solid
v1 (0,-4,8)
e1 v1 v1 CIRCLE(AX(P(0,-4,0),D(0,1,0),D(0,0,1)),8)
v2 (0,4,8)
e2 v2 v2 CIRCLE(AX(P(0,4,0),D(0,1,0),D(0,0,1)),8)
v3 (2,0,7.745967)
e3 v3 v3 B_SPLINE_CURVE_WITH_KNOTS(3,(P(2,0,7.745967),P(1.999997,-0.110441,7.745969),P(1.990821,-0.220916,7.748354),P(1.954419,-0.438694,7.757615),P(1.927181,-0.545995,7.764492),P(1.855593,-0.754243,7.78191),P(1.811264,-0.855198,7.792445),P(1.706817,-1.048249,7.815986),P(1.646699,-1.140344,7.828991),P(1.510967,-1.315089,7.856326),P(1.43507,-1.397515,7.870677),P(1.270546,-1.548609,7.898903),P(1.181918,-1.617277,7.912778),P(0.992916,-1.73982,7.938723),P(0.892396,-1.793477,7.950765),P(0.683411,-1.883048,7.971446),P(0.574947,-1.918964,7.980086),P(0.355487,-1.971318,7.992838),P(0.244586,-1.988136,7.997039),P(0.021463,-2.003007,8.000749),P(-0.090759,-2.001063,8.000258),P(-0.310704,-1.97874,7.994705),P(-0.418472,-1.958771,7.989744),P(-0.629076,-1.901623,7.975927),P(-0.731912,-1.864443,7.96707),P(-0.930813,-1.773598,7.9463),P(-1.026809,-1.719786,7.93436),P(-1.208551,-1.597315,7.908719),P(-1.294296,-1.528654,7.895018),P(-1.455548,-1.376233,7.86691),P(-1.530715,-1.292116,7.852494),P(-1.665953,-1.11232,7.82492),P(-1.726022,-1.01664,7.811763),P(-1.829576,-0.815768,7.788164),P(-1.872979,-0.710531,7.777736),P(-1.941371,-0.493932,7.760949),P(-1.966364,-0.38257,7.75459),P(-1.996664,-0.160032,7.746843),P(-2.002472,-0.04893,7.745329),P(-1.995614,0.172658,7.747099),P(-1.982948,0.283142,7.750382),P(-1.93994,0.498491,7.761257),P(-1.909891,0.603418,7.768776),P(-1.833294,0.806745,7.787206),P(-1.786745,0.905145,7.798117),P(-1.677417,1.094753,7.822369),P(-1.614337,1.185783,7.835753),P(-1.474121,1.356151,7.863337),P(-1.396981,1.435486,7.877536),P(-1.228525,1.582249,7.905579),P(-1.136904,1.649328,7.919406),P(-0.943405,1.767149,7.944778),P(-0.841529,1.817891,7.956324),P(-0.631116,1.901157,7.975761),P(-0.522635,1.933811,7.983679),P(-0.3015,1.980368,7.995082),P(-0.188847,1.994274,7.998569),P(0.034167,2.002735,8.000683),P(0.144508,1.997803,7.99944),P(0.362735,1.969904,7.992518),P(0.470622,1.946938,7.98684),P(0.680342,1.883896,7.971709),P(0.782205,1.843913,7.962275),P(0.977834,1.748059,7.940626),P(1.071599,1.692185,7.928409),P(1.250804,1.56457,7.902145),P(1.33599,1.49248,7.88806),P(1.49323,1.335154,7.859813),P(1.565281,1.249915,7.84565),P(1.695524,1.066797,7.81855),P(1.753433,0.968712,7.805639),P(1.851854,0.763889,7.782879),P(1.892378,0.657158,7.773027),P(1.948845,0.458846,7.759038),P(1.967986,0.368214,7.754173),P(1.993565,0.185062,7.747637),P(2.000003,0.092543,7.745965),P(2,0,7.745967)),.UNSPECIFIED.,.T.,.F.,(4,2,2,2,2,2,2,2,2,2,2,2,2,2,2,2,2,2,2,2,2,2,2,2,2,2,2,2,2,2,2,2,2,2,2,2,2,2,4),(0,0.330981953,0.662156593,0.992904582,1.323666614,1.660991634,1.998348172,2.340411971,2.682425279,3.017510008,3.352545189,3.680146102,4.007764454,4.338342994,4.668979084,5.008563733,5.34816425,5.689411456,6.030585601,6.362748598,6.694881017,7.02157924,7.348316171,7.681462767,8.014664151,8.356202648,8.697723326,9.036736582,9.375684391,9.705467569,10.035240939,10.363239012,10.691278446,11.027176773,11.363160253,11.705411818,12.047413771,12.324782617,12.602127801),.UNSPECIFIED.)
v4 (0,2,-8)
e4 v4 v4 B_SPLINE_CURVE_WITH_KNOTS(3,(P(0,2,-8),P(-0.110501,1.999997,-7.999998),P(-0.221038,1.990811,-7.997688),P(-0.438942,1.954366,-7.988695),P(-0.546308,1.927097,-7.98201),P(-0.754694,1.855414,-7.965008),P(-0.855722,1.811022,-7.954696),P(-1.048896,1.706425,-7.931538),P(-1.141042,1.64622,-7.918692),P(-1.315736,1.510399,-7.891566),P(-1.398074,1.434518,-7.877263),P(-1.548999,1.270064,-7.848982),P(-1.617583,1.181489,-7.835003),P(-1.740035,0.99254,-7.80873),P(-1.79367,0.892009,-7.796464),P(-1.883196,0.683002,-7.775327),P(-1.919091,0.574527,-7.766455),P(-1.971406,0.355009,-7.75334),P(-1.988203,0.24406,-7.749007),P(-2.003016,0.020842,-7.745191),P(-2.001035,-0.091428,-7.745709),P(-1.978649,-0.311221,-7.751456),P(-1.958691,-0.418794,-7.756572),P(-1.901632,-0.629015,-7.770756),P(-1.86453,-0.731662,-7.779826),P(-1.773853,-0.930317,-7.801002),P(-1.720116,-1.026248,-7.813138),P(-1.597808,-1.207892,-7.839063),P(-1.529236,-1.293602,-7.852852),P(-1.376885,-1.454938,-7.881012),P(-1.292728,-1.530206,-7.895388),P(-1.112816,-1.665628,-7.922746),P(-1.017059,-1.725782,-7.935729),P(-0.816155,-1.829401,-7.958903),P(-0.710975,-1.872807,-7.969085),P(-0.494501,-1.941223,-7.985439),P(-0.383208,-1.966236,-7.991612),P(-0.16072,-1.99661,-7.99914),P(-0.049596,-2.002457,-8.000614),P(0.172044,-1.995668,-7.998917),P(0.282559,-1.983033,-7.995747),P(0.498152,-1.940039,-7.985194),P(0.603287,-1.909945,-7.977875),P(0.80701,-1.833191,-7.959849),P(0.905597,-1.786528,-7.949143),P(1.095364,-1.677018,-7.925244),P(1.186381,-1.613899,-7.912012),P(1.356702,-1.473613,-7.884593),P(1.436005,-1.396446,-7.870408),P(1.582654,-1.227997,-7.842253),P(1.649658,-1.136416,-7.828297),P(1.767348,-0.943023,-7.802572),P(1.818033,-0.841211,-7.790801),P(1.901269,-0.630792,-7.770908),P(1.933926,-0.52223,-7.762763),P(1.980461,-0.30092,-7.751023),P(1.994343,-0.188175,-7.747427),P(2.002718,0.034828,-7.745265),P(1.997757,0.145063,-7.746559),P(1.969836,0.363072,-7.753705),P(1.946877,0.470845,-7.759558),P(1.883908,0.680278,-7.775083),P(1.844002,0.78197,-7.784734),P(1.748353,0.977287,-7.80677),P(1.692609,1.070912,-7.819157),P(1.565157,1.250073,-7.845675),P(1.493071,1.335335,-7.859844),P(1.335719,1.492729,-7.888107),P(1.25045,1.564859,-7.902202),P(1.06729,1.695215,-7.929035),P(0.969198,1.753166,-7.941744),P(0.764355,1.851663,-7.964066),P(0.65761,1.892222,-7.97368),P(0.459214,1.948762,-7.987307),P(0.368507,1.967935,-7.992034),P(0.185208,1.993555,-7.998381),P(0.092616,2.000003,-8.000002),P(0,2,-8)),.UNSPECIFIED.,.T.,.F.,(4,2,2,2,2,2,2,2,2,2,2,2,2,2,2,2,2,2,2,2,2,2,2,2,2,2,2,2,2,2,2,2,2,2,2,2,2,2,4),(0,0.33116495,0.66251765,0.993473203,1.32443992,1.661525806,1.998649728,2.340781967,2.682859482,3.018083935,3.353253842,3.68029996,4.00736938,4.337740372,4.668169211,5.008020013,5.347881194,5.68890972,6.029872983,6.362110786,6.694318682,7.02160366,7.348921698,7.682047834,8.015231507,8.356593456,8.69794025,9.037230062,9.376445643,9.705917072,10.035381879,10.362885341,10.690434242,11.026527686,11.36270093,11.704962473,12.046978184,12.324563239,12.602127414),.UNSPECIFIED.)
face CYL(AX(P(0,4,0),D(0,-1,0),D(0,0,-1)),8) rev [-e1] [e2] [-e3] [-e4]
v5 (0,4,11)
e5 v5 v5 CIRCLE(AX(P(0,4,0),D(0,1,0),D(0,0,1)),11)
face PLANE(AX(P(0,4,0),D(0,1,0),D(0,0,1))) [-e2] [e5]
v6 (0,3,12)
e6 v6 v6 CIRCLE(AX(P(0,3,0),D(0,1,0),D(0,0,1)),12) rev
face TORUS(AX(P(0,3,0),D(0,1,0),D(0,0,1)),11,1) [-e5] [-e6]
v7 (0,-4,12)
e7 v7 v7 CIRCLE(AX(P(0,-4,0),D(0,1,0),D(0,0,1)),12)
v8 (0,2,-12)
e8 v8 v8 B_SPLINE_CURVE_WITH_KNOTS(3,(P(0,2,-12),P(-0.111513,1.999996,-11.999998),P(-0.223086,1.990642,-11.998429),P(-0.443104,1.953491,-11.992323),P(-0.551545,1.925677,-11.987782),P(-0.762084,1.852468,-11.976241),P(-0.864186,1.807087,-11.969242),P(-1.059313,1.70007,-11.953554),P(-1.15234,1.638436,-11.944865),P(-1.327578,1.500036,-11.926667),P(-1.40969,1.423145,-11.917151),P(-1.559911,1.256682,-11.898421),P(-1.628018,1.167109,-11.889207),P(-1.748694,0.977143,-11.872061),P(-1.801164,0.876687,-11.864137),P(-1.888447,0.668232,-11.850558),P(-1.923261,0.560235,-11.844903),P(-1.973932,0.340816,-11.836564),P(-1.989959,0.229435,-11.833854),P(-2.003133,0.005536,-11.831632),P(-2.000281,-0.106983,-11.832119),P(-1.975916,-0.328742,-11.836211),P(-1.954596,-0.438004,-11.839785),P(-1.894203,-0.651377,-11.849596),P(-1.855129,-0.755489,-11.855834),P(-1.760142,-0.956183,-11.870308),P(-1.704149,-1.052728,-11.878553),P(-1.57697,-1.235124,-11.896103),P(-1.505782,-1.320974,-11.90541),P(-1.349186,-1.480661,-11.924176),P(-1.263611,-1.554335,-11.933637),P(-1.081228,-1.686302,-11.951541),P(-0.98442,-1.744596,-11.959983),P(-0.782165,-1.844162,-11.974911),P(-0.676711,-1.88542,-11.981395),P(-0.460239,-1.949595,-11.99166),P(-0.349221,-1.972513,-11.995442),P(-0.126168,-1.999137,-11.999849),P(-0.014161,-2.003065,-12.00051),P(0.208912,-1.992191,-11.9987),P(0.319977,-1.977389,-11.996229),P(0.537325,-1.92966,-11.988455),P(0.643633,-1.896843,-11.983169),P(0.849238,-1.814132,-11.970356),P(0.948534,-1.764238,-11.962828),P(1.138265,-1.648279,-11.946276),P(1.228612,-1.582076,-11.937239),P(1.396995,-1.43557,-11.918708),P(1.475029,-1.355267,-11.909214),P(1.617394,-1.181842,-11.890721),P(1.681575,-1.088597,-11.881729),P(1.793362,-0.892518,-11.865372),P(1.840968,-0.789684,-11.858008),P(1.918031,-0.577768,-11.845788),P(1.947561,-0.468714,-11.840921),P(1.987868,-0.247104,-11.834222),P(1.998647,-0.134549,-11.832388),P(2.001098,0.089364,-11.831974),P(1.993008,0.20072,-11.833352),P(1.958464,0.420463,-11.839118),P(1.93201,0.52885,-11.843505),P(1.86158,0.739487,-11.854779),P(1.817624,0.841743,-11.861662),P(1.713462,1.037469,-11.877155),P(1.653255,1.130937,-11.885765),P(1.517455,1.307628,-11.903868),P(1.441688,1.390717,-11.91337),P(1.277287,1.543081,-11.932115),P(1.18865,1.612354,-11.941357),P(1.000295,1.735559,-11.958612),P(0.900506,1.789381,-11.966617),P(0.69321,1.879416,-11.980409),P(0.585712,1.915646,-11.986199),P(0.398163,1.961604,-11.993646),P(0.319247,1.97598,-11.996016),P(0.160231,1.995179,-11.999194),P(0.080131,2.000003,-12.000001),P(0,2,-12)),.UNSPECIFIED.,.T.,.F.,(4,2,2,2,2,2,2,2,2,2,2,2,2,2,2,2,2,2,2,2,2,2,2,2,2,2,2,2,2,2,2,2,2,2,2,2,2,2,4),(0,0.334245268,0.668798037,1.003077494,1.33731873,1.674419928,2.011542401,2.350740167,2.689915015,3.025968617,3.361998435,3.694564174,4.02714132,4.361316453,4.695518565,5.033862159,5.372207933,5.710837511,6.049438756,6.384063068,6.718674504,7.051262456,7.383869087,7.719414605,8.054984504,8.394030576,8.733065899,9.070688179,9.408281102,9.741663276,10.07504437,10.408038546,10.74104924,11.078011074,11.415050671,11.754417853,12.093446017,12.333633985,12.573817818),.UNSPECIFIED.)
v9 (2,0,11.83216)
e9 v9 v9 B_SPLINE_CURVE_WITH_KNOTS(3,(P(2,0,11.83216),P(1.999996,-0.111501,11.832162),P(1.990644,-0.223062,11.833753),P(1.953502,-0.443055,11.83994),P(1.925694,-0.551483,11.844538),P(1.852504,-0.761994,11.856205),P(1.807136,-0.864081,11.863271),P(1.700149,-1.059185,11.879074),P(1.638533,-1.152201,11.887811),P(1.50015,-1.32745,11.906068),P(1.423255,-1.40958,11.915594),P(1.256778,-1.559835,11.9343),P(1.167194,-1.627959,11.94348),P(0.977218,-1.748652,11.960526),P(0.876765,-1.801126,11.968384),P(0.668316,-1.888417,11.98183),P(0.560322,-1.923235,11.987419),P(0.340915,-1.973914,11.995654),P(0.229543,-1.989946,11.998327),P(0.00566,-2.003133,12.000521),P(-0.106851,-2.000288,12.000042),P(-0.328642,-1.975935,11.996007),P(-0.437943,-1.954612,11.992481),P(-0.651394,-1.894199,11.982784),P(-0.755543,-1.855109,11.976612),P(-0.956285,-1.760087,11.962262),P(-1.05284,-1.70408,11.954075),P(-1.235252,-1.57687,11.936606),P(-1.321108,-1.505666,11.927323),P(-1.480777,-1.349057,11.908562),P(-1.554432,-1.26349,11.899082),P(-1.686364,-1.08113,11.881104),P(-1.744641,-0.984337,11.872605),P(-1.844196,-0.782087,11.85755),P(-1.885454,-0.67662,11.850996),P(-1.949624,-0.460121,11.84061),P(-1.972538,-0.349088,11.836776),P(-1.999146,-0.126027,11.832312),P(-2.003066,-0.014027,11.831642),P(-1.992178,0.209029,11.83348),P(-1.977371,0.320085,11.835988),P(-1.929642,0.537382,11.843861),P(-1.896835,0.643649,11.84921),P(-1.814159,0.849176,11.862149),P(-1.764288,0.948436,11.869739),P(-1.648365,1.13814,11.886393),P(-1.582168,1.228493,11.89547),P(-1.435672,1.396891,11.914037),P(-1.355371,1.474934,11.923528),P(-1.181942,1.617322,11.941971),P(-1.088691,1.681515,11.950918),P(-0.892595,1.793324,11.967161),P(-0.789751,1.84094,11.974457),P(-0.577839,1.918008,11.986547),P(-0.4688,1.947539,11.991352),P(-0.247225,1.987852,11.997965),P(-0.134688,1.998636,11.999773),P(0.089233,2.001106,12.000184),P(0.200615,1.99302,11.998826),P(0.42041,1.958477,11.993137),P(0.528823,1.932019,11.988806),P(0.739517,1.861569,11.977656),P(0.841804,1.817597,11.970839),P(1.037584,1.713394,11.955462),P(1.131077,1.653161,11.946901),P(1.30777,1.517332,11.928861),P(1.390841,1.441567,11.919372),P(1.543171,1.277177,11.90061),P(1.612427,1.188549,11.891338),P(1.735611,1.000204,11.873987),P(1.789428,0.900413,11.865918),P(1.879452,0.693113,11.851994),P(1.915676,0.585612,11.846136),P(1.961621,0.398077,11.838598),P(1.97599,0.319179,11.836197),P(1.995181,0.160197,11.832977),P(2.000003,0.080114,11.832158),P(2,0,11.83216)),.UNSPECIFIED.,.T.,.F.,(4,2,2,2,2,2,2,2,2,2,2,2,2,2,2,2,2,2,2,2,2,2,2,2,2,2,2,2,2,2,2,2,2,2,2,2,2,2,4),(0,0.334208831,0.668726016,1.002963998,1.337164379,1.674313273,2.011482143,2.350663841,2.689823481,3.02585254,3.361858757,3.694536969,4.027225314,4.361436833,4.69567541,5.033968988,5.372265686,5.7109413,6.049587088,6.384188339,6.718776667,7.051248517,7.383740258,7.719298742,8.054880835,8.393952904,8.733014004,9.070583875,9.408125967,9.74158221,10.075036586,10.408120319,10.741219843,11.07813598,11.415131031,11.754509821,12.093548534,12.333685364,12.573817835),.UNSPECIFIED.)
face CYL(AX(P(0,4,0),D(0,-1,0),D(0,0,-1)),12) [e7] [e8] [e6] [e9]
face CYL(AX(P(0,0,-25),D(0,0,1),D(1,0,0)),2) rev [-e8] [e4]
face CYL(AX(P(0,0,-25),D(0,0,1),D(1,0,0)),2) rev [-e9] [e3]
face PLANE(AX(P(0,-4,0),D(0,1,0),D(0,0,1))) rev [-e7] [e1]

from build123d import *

# Parameters (mm, degrees)
SKETCH1_R           = 12
SKETCH1_R_2         = 8
BOSS_EXTRUDE1_DEPTH = 4
FILLET1_R           = 1
SKETCH2_R           = 2
CUT_EXTRUDE1_DEPTH  = 25


with BuildPart() as part:
    # Sketch1 → Boss-Extrude1 (new body, symmetric)
    with BuildSketch(Plane(origin=(0, 0, 0), x_dir=(1, 0, 0), z_dir=(0, 1, 0))):
        Circle(SKETCH1_R)
        Circle(SKETCH1_R_2, mode=Mode.SUBTRACT)
    extrude(amount=BOSS_EXTRUDE1_DEPTH, both=True)

    # Fillet1
    fillet1_edges = [part.edges().sort_by_distance(p)[0] for p in [
        (-12, 4, 0),
    ]]
    fillet(fillet1_edges, radius=FILLET1_R)

    # Sketch2 → Cut-Extrude1 (cut, symmetric)
    with BuildSketch(Plane.XY):
        Circle(SKETCH2_R)
    extrude(amount=CUT_EXTRUDE1_DEPTH, both=True, mode=Mode.SUBTRACT)


solid = part.part
